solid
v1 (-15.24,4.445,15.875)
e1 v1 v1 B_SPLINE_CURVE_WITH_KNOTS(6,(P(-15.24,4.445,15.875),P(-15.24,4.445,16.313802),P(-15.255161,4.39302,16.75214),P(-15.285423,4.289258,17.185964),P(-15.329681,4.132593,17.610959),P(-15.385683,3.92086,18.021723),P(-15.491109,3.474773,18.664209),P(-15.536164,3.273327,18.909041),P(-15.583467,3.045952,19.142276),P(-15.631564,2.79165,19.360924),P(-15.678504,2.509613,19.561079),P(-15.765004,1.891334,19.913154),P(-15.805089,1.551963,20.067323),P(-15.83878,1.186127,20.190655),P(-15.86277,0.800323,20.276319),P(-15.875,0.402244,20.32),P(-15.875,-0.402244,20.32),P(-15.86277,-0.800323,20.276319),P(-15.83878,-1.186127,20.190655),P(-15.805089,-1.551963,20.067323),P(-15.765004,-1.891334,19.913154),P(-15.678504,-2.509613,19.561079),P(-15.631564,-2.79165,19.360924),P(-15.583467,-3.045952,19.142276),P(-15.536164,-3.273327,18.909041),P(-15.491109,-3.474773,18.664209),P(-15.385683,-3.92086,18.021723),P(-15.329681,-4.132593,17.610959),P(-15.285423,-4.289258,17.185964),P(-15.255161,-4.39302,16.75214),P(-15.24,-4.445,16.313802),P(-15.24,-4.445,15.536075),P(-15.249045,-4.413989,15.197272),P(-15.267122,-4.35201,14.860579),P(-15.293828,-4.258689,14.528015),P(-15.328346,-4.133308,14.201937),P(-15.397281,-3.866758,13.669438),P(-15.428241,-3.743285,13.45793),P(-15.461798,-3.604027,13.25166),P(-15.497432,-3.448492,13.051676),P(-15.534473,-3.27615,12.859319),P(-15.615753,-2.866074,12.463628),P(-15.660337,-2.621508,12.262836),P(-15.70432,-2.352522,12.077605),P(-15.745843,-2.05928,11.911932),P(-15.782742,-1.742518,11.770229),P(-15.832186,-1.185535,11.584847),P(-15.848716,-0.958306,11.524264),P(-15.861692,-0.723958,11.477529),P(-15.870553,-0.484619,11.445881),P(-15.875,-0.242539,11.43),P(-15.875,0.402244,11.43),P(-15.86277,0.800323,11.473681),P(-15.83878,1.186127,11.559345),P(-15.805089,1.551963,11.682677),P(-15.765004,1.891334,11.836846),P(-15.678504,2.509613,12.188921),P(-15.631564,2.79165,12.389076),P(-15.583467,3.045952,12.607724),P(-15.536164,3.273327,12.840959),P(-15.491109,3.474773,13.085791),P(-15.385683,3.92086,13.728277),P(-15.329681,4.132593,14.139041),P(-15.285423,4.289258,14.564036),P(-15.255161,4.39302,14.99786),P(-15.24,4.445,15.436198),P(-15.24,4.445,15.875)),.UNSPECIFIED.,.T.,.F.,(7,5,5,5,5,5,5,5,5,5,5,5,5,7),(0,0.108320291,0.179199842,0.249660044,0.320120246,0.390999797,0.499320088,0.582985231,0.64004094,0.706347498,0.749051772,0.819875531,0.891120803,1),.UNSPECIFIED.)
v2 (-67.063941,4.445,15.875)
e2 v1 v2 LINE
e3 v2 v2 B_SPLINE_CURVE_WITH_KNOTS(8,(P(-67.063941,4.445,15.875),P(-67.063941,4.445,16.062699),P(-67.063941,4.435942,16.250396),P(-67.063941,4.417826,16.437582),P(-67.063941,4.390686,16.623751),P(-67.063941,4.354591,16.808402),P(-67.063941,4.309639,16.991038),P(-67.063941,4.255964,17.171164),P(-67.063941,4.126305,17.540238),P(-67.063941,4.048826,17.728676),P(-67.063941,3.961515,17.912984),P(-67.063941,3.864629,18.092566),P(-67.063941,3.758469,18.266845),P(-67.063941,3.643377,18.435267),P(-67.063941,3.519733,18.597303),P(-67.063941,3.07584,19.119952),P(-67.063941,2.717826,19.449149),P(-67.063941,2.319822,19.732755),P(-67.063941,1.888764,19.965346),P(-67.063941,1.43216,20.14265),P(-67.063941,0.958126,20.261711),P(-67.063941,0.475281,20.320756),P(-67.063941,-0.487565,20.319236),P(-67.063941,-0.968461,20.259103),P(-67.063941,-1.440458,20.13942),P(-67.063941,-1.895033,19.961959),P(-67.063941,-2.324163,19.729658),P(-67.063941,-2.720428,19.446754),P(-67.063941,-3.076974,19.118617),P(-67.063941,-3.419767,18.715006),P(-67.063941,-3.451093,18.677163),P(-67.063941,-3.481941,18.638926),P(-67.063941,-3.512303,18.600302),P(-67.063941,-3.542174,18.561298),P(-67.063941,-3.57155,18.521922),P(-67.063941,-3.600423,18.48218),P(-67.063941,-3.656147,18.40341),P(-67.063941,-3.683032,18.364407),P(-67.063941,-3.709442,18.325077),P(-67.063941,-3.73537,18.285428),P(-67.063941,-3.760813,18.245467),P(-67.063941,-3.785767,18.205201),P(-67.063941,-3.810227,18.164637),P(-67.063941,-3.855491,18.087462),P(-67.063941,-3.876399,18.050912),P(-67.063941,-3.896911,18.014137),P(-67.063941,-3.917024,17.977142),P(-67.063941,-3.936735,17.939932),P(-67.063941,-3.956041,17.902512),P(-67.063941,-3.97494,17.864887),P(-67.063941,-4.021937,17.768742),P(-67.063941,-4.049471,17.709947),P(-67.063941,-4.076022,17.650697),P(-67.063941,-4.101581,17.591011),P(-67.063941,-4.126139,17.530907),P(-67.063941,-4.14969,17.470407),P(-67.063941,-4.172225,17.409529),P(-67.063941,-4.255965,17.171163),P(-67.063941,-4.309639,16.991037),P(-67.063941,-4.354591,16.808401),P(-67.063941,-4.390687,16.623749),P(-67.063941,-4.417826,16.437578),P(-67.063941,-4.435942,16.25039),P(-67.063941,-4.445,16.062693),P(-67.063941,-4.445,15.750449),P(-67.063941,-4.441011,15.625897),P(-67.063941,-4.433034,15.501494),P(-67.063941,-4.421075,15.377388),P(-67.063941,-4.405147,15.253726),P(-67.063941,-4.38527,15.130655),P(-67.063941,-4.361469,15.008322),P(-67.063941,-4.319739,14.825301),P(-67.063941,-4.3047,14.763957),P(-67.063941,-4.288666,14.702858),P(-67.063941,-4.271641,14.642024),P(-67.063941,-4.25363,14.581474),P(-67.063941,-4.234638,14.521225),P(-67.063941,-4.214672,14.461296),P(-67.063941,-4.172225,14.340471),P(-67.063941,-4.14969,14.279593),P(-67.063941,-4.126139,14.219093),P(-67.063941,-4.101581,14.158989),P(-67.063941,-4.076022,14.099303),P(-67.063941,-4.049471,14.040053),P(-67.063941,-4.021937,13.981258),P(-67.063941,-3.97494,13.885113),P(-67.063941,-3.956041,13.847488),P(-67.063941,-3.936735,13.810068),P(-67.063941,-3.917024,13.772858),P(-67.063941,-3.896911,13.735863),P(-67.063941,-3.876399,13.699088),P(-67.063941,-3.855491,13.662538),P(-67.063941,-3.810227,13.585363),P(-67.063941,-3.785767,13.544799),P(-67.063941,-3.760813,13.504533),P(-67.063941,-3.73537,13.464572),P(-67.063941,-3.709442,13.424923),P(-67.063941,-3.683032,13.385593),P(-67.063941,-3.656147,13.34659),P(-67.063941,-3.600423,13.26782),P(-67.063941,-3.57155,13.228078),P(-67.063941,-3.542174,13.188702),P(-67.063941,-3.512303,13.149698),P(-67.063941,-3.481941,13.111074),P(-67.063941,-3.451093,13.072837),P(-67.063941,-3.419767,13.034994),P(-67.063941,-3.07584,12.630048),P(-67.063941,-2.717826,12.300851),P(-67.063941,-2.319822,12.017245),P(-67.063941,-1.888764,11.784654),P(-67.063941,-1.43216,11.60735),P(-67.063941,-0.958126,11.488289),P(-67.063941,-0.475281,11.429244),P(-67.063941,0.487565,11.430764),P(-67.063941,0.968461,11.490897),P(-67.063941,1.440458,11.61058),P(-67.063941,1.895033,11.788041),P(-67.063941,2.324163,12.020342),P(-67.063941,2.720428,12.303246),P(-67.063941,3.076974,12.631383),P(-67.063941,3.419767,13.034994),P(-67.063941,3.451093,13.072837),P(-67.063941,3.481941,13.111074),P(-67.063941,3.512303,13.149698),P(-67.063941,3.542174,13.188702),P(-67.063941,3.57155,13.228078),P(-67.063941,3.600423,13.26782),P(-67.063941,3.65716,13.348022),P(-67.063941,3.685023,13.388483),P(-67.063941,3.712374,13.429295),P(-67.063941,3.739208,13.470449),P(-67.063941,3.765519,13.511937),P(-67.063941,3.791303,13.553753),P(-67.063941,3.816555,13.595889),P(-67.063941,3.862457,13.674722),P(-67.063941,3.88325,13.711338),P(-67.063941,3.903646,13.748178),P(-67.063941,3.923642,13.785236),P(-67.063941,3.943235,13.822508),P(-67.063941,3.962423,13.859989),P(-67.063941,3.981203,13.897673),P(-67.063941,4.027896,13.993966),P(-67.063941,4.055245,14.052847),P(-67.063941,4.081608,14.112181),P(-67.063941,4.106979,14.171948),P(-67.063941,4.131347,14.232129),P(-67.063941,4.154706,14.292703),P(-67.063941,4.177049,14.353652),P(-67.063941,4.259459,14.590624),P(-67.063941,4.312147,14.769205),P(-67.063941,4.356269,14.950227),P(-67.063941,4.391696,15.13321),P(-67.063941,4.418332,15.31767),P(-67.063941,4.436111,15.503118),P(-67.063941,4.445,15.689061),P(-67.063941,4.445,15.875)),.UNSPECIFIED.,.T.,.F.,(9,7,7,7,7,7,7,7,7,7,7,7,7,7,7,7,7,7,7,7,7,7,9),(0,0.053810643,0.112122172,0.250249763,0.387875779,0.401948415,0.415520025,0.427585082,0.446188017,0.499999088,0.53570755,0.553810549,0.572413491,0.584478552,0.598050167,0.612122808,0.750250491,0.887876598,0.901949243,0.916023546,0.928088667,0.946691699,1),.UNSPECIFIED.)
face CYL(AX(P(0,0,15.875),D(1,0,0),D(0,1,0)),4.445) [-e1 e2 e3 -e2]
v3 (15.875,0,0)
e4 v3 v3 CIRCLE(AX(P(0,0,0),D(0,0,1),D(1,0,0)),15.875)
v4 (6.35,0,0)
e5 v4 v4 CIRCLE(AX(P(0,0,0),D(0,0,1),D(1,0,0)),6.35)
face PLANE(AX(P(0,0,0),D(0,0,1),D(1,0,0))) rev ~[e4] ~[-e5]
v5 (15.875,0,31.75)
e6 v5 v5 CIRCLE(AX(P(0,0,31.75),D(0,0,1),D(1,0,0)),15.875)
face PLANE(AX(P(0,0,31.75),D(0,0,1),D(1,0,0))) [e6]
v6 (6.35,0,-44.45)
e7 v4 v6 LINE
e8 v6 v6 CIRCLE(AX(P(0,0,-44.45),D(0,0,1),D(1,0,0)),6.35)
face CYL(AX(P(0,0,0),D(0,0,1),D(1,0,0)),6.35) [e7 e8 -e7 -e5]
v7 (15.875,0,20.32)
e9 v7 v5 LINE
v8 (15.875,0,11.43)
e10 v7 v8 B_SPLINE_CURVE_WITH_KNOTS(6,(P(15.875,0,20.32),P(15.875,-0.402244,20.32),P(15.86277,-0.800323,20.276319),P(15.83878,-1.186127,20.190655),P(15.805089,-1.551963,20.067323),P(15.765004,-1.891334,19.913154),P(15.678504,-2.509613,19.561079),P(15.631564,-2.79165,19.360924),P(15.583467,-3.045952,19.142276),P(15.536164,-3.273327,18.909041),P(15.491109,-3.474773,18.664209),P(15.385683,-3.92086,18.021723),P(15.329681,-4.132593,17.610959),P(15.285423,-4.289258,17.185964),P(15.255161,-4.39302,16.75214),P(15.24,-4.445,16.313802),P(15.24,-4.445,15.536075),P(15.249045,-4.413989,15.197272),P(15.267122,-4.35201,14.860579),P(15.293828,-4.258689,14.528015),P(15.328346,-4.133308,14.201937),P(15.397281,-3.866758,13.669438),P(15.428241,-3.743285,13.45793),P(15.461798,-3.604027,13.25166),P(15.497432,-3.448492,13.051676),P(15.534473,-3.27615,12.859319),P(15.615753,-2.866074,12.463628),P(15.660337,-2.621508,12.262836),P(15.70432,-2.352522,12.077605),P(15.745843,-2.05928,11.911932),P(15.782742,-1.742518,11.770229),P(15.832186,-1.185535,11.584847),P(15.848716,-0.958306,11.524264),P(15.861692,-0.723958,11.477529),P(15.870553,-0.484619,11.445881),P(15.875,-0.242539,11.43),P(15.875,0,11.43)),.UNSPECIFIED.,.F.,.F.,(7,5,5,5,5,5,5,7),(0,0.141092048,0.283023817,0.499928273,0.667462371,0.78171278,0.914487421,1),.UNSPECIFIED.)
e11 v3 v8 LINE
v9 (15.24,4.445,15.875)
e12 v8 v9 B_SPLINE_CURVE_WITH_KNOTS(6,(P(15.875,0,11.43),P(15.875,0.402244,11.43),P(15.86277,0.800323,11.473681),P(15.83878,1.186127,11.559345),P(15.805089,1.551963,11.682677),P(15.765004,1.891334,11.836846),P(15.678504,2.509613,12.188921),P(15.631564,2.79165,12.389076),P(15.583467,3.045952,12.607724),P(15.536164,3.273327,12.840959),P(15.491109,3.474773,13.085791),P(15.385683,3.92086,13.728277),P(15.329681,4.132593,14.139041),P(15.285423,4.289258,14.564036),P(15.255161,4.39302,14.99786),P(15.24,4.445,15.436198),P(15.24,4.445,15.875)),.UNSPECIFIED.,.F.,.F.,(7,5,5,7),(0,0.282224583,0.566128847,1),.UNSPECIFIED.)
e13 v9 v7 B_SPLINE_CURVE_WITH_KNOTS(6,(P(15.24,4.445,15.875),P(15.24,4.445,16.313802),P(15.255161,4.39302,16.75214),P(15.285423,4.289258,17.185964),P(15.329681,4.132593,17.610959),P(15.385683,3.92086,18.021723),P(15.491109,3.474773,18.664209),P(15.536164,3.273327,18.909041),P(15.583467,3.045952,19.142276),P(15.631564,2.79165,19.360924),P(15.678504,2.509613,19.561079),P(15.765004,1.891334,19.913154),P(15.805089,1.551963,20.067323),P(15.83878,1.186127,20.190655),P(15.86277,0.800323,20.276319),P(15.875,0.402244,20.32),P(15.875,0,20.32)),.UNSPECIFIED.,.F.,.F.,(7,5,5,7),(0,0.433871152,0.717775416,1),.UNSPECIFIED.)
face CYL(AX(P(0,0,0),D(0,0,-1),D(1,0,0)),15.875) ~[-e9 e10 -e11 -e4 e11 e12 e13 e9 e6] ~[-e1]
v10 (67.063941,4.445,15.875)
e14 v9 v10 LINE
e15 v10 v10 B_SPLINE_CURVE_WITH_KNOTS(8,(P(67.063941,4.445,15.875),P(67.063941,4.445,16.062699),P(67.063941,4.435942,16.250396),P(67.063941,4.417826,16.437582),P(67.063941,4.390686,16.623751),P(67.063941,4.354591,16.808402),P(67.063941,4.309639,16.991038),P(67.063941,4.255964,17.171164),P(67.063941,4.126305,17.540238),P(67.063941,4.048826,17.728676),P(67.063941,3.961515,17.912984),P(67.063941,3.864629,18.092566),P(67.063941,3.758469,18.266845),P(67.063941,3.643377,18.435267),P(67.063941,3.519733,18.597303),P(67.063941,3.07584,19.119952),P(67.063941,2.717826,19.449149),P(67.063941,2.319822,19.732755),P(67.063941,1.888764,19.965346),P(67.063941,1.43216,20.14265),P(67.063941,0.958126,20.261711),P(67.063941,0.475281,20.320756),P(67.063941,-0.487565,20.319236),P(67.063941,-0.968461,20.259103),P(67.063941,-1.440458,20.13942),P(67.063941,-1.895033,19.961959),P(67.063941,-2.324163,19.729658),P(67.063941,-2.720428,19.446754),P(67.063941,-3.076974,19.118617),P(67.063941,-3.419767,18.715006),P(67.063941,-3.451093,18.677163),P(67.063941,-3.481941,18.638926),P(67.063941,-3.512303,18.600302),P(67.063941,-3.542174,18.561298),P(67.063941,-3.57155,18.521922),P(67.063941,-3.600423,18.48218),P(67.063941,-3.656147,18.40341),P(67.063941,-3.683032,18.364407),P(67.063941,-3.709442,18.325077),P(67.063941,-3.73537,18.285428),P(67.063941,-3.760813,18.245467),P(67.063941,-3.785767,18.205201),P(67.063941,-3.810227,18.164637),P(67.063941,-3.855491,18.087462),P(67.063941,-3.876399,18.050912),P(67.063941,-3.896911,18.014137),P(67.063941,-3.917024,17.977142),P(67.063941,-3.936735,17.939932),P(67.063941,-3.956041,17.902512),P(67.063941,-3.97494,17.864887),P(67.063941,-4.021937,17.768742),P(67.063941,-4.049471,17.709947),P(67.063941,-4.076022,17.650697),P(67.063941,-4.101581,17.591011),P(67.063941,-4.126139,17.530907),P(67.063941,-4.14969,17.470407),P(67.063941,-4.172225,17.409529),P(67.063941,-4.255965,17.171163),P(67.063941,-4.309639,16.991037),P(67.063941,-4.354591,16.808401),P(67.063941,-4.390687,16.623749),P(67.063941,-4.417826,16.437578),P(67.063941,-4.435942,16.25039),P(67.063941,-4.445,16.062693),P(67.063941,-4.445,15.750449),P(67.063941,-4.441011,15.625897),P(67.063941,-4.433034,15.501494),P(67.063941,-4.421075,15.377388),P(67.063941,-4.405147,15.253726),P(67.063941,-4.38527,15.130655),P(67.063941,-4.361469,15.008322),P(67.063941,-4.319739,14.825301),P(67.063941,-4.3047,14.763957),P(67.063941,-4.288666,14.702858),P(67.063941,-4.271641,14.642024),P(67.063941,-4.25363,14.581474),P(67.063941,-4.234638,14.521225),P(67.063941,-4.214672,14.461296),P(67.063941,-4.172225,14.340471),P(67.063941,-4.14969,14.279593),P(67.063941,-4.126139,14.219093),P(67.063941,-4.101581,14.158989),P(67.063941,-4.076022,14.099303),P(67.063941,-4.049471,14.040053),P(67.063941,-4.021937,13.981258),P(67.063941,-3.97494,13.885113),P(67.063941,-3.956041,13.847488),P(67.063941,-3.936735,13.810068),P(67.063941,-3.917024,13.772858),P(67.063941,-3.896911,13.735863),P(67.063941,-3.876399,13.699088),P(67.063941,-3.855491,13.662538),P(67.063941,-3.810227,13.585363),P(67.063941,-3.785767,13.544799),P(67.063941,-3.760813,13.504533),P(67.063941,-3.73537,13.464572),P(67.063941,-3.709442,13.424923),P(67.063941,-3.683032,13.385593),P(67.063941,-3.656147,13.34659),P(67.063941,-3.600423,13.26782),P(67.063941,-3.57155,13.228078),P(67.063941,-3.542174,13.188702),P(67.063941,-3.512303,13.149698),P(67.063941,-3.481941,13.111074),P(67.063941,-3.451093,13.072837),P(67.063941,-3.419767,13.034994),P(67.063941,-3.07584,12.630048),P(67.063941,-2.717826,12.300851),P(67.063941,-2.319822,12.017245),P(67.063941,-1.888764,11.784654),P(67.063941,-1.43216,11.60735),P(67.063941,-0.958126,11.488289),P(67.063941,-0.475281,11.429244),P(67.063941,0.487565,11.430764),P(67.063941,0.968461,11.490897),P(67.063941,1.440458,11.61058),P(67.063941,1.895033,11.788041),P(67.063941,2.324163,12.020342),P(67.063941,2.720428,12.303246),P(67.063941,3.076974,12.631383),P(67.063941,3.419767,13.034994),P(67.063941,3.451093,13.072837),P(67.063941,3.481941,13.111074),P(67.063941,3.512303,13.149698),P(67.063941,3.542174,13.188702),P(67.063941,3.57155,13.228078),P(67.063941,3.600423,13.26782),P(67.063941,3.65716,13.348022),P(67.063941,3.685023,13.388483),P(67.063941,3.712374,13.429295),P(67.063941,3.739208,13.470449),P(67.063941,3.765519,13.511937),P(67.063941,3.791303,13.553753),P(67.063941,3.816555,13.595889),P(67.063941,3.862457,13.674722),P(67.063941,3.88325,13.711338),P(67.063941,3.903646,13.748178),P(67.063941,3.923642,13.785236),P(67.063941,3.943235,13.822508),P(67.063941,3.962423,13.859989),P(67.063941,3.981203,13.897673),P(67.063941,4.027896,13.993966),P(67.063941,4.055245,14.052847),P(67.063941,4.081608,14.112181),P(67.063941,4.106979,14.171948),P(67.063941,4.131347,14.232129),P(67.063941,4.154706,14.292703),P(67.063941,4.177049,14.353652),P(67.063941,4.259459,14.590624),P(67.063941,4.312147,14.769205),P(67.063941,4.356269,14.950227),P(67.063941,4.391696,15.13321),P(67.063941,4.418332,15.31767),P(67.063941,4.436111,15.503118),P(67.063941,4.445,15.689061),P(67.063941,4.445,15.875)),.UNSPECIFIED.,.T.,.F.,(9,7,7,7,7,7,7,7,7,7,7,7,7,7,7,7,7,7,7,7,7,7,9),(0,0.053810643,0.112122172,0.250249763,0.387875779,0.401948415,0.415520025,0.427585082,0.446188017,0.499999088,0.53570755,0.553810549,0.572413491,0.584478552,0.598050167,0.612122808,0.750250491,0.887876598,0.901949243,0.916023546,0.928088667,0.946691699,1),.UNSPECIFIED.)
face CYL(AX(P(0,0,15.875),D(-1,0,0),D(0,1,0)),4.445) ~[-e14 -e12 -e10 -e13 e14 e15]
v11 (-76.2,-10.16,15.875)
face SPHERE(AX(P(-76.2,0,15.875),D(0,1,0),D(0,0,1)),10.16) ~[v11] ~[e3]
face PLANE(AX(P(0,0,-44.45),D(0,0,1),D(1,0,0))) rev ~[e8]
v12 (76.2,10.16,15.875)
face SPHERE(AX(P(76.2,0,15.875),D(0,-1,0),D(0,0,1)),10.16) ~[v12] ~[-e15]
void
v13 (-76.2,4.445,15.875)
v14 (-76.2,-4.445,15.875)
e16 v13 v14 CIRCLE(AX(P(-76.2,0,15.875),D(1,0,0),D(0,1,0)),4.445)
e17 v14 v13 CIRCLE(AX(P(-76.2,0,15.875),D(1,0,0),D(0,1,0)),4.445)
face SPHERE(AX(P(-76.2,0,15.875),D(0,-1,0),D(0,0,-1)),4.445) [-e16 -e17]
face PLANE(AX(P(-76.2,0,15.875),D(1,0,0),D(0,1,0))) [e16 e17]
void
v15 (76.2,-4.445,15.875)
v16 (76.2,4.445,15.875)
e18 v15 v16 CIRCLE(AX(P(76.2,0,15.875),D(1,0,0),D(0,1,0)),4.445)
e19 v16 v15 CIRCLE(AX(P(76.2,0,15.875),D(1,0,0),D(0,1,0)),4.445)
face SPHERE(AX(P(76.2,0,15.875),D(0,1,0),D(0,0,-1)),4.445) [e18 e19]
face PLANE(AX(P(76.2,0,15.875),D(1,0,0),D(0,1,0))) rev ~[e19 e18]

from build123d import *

# Parameters (mm, degrees)
F0_R          = 15.875
F0_R_2        = 6.35
F1_DEPTH      = 31.75
F2_DEPTH      = 31.75
F2_DEPTH_BACK = 44.45
F3_R          = 4.445
F4_DEPTH      = 76.2
F4_DEPTH_BACK = 76.2


with BuildPart() as f1:
    # F0 (on Top) → F1 (new body)
    with BuildSketch(Plane.XY):
        Circle(F0_R)
        Circle(F0_R_2, mode=Mode.SUBTRACT)
    extrude(amount=F1_DEPTH)

    # F0 (on Top) → F2 (join, two sides)
    with BuildSketch(Plane.XY) as f2_sk:
        Circle(F0_R_2)
    extrude(amount=F2_DEPTH)
    extrude(f2_sk.sketch, amount=-F2_DEPTH_BACK)

    # F3 (on Right) → F4 (join, two sides)
    with BuildSketch(Plane.YZ) as f4_sk:
        with Locations((0, 15.875)):
            Circle(F3_R)
    extrude(amount=F4_DEPTH)
    extrude(f4_sk.sketch, amount=-F4_DEPTH_BACK)

    # F5 (on face) → F6 (revolve)
    with BuildSketch(Plane.YZ.offset(76.2)):
        with BuildLine():
            Line((4.445, 15.875), (10.16, 15.875))
            ThreePointArc((10.16, 15.875), (0, 26.035), (-10.16, 15.875))
            Line((-10.16, 15.875), (-4.445, 15.875))
            ThreePointArc((-4.445, 15.875), (0, 20.32), (4.445, 15.875))
        make_face()
        with BuildLine():
            Line((-4.445, 15.875), (4.445, 15.875))
            ThreePointArc((4.445, 15.875), (0, 20.32), (-4.445, 15.875))
        make_face()
        with BuildLine():
            ThreePointArc((-4.445, 15.875), (0, 11.43), (4.445, 15.875))
            Line((4.445, 15.875), (-4.445, 15.875))
        make_face()
    revolve(axis=Axis((76.2, 0, 15.875), (0, 1, 0)))

    # F7 (on face) → F8 (revolve)
    with BuildSketch(Plane(origin=(-76.2, 0, 0), x_dir=(0, -1, 0), z_dir=(-1, 0, 0))):
        with BuildLine():
            Line((4.445, 15.875), (10.16, 15.875))
            ThreePointArc((10.16, 15.875), (0, 26.035), (-10.16, 15.875))
            Line((-10.16, 15.875), (-4.445, 15.875))
            ThreePointArc((-4.445, 15.875), (0, 20.32), (4.445, 15.875))
        make_face()
        with BuildLine():
            Line((-4.445, 15.875), (4.445, 15.875))
            ThreePointArc((4.445, 15.875), (0, 20.32), (-4.445, 15.875))
        make_face()
        with BuildLine():
            ThreePointArc((-4.445, 15.875), (0, 11.43), (4.445, 15.875))
            Line((4.445, 15.875), (-4.445, 15.875))
        make_face()
    revolve(axis=Axis((-76.2, 0, 15.875), (0, -1, 0)))


solid = f1.part
